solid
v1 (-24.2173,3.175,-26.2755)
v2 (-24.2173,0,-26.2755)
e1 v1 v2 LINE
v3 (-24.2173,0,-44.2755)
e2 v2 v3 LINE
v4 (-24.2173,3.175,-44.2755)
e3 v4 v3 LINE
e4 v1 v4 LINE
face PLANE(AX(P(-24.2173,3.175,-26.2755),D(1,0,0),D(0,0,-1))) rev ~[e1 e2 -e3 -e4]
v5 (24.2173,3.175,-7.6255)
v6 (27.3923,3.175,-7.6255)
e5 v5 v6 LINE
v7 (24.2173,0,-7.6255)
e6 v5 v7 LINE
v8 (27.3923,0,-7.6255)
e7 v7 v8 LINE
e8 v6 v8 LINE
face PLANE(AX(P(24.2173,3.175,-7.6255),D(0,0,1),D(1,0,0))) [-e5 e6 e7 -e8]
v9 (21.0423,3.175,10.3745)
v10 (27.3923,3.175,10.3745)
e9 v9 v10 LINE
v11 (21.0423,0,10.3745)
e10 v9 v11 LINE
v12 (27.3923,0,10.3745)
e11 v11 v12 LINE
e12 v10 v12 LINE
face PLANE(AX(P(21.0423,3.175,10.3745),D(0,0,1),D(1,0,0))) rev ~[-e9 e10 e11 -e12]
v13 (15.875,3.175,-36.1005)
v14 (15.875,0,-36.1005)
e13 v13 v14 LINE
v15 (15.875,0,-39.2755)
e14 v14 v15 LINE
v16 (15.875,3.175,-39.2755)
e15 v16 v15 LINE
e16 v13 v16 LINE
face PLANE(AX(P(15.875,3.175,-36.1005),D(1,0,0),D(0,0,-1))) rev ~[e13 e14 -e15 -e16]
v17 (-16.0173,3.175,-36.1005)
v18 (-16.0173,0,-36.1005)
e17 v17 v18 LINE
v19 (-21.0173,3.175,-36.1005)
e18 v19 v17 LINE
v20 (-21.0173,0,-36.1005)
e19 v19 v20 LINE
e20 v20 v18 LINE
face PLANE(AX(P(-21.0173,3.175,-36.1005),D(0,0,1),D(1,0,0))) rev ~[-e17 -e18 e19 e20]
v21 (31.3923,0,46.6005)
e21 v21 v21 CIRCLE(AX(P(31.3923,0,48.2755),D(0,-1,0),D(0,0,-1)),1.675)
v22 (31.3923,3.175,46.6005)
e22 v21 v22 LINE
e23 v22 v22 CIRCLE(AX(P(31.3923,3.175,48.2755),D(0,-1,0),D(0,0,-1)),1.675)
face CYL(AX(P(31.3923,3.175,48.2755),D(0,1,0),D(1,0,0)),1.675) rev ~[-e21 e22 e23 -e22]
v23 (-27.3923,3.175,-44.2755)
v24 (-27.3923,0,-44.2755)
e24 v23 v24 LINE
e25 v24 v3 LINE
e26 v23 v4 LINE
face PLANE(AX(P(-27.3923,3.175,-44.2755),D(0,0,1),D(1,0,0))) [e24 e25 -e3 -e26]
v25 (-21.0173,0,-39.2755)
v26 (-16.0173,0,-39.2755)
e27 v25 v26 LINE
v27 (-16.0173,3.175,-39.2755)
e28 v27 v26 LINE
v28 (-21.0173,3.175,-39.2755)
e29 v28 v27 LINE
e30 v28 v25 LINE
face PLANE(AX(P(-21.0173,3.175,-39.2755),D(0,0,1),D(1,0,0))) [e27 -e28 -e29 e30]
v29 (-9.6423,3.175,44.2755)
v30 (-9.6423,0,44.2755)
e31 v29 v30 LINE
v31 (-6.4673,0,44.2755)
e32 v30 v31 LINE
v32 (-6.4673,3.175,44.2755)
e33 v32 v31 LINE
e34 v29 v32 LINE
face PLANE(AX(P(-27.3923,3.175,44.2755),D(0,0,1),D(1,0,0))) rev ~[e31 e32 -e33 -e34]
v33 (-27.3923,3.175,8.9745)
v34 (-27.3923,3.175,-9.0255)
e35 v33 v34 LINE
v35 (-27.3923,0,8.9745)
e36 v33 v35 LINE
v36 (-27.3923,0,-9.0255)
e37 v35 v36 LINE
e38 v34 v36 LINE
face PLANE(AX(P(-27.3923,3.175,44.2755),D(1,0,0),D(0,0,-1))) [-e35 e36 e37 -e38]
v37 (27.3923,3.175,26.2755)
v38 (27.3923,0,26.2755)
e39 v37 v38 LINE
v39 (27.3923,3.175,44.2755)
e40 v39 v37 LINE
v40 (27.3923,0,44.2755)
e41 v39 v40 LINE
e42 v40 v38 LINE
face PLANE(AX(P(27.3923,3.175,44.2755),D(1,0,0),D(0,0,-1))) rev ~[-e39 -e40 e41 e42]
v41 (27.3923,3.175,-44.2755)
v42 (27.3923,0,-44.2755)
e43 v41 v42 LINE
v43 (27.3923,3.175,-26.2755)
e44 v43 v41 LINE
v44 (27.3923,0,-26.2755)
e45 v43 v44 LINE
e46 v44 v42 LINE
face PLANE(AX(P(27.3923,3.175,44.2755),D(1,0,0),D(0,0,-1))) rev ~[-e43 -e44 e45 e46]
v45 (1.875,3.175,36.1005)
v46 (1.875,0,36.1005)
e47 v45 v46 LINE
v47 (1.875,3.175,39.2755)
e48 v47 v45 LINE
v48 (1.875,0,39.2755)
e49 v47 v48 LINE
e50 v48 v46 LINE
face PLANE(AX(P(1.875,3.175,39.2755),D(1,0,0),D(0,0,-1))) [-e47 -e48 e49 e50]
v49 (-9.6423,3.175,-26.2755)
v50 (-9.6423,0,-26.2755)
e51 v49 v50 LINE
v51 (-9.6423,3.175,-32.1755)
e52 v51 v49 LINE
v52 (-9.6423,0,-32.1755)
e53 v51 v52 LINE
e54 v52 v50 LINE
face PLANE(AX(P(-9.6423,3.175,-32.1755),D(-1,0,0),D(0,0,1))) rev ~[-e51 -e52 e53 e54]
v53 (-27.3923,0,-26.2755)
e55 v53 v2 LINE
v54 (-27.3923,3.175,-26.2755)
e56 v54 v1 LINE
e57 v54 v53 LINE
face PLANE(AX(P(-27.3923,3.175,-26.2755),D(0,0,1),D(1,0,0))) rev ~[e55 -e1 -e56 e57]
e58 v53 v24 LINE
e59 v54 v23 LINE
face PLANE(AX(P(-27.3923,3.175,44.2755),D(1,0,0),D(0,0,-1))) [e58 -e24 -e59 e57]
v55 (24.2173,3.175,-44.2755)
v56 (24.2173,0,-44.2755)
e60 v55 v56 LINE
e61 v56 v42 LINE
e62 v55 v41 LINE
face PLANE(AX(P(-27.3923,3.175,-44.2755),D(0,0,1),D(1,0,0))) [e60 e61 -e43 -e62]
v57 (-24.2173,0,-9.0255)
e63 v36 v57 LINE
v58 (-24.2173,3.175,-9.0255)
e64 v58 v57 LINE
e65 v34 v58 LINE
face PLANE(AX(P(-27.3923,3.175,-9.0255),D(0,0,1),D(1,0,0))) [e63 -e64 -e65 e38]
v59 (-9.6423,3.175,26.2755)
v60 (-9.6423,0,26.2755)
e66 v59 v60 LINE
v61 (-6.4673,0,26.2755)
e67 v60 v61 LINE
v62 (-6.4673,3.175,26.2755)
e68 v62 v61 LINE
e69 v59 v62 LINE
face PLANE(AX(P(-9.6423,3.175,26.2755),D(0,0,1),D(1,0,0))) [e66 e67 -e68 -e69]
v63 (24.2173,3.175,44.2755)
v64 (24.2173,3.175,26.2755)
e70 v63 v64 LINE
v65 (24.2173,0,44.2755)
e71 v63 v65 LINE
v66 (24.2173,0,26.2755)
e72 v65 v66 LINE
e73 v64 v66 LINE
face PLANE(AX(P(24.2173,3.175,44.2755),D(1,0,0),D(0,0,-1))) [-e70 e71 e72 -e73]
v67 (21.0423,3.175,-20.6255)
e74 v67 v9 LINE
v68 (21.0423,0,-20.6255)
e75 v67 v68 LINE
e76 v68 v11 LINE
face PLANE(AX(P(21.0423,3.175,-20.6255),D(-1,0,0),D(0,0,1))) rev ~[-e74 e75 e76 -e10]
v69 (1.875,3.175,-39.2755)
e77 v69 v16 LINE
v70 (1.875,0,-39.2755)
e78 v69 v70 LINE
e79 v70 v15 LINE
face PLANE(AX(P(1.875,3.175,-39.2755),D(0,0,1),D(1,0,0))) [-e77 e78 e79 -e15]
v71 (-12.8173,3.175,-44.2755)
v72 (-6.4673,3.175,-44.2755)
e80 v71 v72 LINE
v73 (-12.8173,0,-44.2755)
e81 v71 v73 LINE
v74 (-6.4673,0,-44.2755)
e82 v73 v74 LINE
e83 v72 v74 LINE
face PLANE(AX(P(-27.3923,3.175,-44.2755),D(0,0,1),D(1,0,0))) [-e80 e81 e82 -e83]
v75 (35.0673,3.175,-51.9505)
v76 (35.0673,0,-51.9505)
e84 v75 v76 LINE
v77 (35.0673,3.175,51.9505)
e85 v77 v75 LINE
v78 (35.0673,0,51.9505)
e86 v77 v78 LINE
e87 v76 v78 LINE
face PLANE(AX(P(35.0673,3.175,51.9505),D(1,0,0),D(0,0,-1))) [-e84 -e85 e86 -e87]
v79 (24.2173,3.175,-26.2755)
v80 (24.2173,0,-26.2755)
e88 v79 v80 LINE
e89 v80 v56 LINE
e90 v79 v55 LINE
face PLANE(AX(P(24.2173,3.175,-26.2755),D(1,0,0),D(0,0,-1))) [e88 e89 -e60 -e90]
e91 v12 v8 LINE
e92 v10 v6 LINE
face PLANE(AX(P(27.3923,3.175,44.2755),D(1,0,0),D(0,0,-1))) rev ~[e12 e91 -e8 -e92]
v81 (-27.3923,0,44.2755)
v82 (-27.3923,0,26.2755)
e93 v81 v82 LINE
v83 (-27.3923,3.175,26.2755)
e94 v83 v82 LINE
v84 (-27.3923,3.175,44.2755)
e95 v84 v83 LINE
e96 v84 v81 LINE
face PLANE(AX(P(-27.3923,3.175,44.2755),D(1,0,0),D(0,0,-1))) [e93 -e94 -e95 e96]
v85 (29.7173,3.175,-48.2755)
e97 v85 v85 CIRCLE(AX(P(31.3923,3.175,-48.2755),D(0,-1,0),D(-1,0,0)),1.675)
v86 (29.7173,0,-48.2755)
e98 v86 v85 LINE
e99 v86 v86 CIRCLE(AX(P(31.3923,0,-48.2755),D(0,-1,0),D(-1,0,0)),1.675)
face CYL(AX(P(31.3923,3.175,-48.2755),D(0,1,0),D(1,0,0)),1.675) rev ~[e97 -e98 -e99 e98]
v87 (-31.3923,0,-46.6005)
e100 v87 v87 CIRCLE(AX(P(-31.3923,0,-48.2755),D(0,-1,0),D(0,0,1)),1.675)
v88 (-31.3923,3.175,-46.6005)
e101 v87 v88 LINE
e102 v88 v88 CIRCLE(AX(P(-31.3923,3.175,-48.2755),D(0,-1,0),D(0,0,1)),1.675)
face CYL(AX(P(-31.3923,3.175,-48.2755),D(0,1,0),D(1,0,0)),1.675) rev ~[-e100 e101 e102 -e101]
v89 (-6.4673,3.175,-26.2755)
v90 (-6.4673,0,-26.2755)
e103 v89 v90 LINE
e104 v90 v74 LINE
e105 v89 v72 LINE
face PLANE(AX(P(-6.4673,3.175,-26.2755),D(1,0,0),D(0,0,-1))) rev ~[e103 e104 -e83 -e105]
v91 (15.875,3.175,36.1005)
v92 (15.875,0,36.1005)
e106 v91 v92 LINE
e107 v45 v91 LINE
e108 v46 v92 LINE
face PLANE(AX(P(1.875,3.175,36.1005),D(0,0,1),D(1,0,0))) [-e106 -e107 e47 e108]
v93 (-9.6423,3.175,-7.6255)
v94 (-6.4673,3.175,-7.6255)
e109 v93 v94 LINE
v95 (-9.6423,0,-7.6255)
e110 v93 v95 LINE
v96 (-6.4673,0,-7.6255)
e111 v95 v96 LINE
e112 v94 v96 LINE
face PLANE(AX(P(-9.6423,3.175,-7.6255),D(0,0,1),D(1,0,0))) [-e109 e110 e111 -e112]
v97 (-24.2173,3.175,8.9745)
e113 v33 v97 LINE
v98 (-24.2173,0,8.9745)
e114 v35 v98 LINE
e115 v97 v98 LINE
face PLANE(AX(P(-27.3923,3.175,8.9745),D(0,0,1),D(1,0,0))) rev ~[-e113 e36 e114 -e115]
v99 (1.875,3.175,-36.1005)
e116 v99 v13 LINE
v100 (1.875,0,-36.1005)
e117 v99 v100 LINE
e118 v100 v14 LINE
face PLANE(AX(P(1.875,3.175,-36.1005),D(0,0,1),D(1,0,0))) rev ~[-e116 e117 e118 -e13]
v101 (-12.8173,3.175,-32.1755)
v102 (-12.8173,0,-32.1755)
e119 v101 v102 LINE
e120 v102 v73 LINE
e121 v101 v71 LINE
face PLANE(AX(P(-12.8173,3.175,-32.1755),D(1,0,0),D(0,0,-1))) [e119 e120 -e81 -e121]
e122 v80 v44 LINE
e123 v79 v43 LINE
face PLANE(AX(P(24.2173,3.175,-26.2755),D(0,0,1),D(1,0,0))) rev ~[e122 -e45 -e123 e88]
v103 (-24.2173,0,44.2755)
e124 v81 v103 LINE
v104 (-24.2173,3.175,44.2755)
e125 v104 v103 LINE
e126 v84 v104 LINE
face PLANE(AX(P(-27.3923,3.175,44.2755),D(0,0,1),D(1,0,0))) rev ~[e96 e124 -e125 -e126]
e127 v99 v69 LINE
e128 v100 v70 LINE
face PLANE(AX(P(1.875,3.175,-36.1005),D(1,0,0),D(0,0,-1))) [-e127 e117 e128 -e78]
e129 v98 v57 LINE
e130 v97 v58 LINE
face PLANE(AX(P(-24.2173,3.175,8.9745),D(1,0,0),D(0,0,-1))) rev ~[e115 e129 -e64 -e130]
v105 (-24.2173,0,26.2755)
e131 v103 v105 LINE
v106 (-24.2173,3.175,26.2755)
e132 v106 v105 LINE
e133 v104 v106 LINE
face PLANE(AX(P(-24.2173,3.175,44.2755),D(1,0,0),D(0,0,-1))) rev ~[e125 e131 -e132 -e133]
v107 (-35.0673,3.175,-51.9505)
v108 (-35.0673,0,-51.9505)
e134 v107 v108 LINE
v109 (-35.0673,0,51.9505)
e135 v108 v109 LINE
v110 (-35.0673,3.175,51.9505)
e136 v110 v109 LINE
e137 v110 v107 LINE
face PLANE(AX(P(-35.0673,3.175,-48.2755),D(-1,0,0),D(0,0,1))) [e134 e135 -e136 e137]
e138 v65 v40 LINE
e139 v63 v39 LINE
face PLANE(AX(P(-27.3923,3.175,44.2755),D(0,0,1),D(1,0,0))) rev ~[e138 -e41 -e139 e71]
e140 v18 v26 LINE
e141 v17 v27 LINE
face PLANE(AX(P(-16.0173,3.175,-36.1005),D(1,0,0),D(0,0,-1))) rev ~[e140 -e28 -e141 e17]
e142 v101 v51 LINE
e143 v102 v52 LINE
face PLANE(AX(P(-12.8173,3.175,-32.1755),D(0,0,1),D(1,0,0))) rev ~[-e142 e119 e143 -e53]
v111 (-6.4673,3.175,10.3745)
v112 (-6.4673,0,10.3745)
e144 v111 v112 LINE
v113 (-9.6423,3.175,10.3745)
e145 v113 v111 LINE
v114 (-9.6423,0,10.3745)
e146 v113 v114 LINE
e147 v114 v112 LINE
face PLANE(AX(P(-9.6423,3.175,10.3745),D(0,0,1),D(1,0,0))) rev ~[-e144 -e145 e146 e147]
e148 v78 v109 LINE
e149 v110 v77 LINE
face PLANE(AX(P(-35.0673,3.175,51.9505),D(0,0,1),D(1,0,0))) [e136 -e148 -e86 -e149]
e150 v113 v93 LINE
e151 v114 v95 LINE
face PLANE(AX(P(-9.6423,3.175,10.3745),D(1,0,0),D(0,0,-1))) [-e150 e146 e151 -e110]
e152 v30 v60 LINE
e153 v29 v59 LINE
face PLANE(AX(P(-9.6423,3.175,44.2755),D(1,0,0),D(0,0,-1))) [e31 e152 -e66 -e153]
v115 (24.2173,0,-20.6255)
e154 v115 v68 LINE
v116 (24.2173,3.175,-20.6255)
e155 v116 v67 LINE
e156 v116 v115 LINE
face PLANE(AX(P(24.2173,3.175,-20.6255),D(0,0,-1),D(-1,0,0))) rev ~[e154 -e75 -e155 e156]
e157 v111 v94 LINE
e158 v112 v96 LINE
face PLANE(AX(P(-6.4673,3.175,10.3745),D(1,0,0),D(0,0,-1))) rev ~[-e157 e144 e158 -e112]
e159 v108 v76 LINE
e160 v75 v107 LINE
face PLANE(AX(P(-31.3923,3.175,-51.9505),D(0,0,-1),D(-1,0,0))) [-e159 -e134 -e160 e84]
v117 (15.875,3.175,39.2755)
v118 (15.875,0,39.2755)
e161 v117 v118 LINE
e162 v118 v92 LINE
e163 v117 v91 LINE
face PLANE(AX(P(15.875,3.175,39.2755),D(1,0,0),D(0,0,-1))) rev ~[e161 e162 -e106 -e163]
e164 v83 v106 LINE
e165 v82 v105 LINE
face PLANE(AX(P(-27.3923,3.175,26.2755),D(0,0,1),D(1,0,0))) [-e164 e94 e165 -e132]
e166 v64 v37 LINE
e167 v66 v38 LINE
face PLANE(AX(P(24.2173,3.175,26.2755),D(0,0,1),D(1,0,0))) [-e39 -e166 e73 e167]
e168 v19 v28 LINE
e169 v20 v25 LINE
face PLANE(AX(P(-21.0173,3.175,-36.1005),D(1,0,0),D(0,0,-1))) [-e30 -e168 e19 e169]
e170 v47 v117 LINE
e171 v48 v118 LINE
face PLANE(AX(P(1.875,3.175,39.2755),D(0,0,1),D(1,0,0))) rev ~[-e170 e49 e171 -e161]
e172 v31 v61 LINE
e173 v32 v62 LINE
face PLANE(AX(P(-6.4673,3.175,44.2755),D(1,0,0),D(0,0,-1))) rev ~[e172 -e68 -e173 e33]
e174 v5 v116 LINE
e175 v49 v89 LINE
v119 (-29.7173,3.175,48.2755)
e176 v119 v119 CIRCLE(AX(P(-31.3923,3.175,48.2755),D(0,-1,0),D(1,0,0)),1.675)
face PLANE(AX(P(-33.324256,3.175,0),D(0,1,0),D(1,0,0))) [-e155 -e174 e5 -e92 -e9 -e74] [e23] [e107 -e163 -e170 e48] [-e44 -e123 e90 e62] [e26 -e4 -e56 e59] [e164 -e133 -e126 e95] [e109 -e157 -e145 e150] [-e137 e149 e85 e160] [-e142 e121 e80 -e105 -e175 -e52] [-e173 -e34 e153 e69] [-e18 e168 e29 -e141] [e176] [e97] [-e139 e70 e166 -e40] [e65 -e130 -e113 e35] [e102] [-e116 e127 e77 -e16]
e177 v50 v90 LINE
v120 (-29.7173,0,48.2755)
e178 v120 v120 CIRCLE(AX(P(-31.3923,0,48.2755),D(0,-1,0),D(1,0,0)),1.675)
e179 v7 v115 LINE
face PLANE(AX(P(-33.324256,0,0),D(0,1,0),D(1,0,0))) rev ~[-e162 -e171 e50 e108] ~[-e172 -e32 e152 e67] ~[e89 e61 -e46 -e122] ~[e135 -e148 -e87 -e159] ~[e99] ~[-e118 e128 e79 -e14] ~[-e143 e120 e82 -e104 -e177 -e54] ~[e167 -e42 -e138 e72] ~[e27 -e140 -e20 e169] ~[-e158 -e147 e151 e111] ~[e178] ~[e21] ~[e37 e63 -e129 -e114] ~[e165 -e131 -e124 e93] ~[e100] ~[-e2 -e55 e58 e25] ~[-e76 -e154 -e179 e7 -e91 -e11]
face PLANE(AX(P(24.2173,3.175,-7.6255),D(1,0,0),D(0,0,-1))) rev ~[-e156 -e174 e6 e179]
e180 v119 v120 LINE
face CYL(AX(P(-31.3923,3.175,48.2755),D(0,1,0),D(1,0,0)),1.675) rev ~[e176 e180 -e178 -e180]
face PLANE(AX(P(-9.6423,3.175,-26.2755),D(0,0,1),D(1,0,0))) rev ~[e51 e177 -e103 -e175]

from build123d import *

# Parameters (mm, degrees)
SKETCH2_W           = 54.7846
SKETCH2_H           = 88.551
BOSS_EXTRUDE1_DEPTH = 3.175
SKETCH7_W           = 3.175
SKETCH7_H           = 18
SKETCH7_W_2         = 5
SKETCH7_H_2         = 3.175
SKETCH7_H_3         = 12.1
SKETCH7_W_3         = 14
CUT_EXTRUDE1_DEPTH  = 10
SKETCH8_W           = 62.7846
SKETCH8_H           = 96.551
SKETCH8_W_2         = 54.7846
SKETCH8_H_2         = 88.551
BOSS_EXTRUDE2_DEPTH = 3.175
SKETCH12_R          = 3.675
SKETCH12_R_2        = 1.675
BOSS_EXTRUDE4_DEPTH = 3.175
SKETCH13_R          = 1.675
CUT_EXTRUDE4_DEPTH  = 10
BOSS_EXTRUDE5_DEPTH = 3.175


with BuildPart() as part:
    # Sketch2 → Boss-Extrude1 (new body)
    with BuildSketch(Plane(origin=(0, 0, 0), x_dir=(1, 0, 0), z_dir=(0, 1, 0))):
        Rectangle(SKETCH2_W, SKETCH2_H)
    extrude(amount=BOSS_EXTRUDE1_DEPTH)

    # Sketch7 → Cut-Extrude1 (cut)
    with BuildSketch(Plane(origin=(0, 3.175, 0), x_dir=(1, 0, 0), z_dir=(0, 1, 0))):
        with Locations((-25.8048, 35.2755)):
            Rectangle(SKETCH7_W, SKETCH7_H)
        with Locations((-18.5173, 37.688)):
            Rectangle(SKETCH7_W_2, SKETCH7_H_2)
        with Locations((-11.2298, 38.2255)):
            Rectangle(SKETCH7_W, SKETCH7_H_3)
        Polygon((-6.4673, 44.2755), (-9.6423, 44.2755), (-9.6423, 32.1755), (-9.6423, 26.2755), (-6.4673, 26.2755), align=None)
        with Locations((8.875, 37.688)):
            Rectangle(SKETCH7_W_3, SKETCH7_H_2)
        with Locations((25.8048, 35.2755)):
            Rectangle(SKETCH7_W, SKETCH7_H)
        Polygon((24.2173, -10.3745), (24.2173, 7.6255), (24.2173, 20.6255), (21.0423, 20.6255), (21.0423, -10.3745), align=None)
        with Locations((25.8048, -1.3745)):
            Rectangle(SKETCH7_W, SKETCH7_H)
        with Locations((-8.0548, -1.3745)):
            Rectangle(SKETCH7_W, SKETCH7_H)
        with Locations((-25.8048, 0.0255)):
            Rectangle(SKETCH7_W, SKETCH7_H)
        with Locations((-25.8048, -35.2755)):
            Rectangle(SKETCH7_W, SKETCH7_H)
        with Locations((-8.0548, -35.2755)):
            Rectangle(SKETCH7_W, SKETCH7_H)
        with Locations((8.875, -37.688)):
            Rectangle(SKETCH7_W_3, SKETCH7_H_2)
        with Locations((25.8048, -35.2755)):
            Rectangle(SKETCH7_W, SKETCH7_H)
    extrude(amount=-CUT_EXTRUDE1_DEPTH, mode=Mode.SUBTRACT)

    # Sketch8 → Boss-Extrude2 (add)
    with BuildSketch(Plane(origin=(0, 3.175, 0), x_dir=(1, 0, 0), z_dir=(0, 1, 0))):
        Rectangle(SKETCH8_W, SKETCH8_H)
        Rectangle(SKETCH8_W_2, SKETCH8_H_2, mode=Mode.SUBTRACT)
    extrude(amount=-BOSS_EXTRUDE2_DEPTH)

    # Sketch12 → Boss-Extrude4 (add)
    # profile 1 of 4: a face of its own
    with BuildSketch(Plane(origin=(0, 3.175, 0), x_dir=(1, 0, 0), z_dir=(0, 1, 0))):
        with Locations((-31.3923, -48.2755)):
            Circle(SKETCH12_R)
        with Locations((-31.3923, -48.2755)):
            Circle(SKETCH12_R_2, mode=Mode.SUBTRACT)
    # profile 2 of 4: a face of its own
    with BuildSketch(Plane(origin=(0, 3.175, 0), x_dir=(1, 0, 0), z_dir=(0, 1, 0))):
        with Locations((31.3923, -48.2755)):
            Circle(SKETCH12_R)
        with Locations((31.3923, -48.2755)):
            Circle(SKETCH12_R_2, mode=Mode.SUBTRACT)
    # profile 3 of 4: a face of its own
    with BuildSketch(Plane(origin=(0, 3.175, 0), x_dir=(1, 0, 0), z_dir=(0, 1, 0))):
        with Locations((31.3923, 48.2755)):
            Circle(SKETCH12_R)
        with Locations((31.3923, 48.2755)):
            Circle(SKETCH12_R_2, mode=Mode.SUBTRACT)
    # profile 4 of 4: a face of its own
    with BuildSketch(Plane(origin=(0, 3.175, 0), x_dir=(1, 0, 0), z_dir=(0, 1, 0))):
        with Locations((-31.3923, 48.2755)):
            Circle(SKETCH12_R)
        with Locations((-31.3923, 48.2755)):
            Circle(SKETCH12_R_2, mode=Mode.SUBTRACT)
    extrude(amount=-BOSS_EXTRUDE4_DEPTH)

    # Sketch13 → Cut-Extrude4 (cut)
    with BuildSketch(Plane(origin=(0, 3.175, 0), x_dir=(1, 0, 0), z_dir=(0, 1, 0))):
        with Locations(Location((-31.3923, 48.2755, 0), (0, 0, 270))):
            Circle(SKETCH13_R)
        with Locations(Location((31.3923, 48.2755, 0), (0, 0, 270))):
            Circle(SKETCH13_R)
        with Locations(Location((31.3923, -48.2755, 0), (0, 0, 270))):
            Circle(SKETCH13_R)
        with Locations(Location((-31.3923, -48.2755, 0), (0, 0, 270))):
            Circle(SKETCH13_R)
    extrude(amount=-CUT_EXTRUDE4_DEPTH, mode=Mode.SUBTRACT)

    # Sketch14 → Boss-Extrude5 (add)
    with BuildSketch(Plane(origin=(0, 3.175, 0), x_dir=(1, 0, 0), z_dir=(0, 1, 0))):
        with BuildLine():
            Line((-35.0673, 48.2755), (-35.0673, -48.2755))
            ThreePointArc((-35.0673, -48.2755), (-33.990917421, -45.676882579), (-31.3923, -44.6005))
            Line((-31.3923, -44.6005), (-31.3923, 44.6005))
            ThreePointArc((-31.3923, 44.6005), (-33.990917421, 45.676882579), (-35.0673, 48.2755))
        make_face()
        with BuildLine():
            Line((31.392300042, 51.9505), (-31.3923, 51.9505))
            ThreePointArc((-31.3923, 51.9505), (-28.793682579, 50.874117421), (-27.7173, 48.2755))
            Line((-27.7173, 48.2755), (27.7173, 48.2755))
            ThreePointArc((27.7173, 48.2755), (28.793682594, 50.874117436), (31.392300042, 51.9505))
        make_face()
        with BuildLine():
            Line((-35.0673, 51.9505), (-35.0673, 48.2755))
            ThreePointArc((-35.0673, 48.2755), (-33.990917421, 50.874117421), (-31.3923, 51.9505))
            Line((-31.3923, 51.9505), (-35.0673, 51.9505))
        make_face()
        with BuildLine():
            ThreePointArc((31.3923, -44.6005), (33.990917421, -45.676882579), (35.0673, -48.2755))
            Line((35.0673, -48.2755), (35.0673, 48.2755))
            ThreePointArc((35.0673, 48.2755), (33.990917421, 45.676882579), (31.3923, 44.6005))
            Line((31.3923, 44.6005), (31.3923, -44.6005))
        make_face()
        with BuildLine():
            ThreePointArc((31.392300042, 51.9505), (33.990917436, 50.874117406), (35.0673, 48.2755))
            Line((35.0673, 48.2755), (35.0673, 51.9505))
            Line((35.0673, 51.9505), (31.392300042, 51.9505))
        make_face()
        with BuildLine():
            ThreePointArc((35.0673, -48.2755), (33.990917421, -50.874117421), (31.3923, -51.9505))
            Line((31.3923, -51.9505), (35.0673, -51.9505))
            Line((35.0673, -51.9505), (35.0673, -48.2755))
        make_face()
        with BuildLine():
            ThreePointArc((-27.7173, -48.2755), (-28.793682579, -50.874117421), (-31.3923, -51.9505))
            Line((-31.3923, -51.9505), (31.3923, -51.9505))
            ThreePointArc((31.3923, -51.9505), (28.793682579, -50.874117421), (27.7173, -48.2755))
            Line((27.7173, -48.2755), (-27.7173, -48.2755))
        make_face()
        with BuildLine():
            Line((-35.0673, -48.2755), (-35.0673, -51.9505))
            Line((-35.0673, -51.9505), (-31.3923, -51.9505))
            ThreePointArc((-31.3923, -51.9505), (-33.990917421, -50.874117421), (-35.0673, -48.2755))
        make_face()
    extrude(amount=-BOSS_EXTRUDE5_DEPTH)


solid = part.part
